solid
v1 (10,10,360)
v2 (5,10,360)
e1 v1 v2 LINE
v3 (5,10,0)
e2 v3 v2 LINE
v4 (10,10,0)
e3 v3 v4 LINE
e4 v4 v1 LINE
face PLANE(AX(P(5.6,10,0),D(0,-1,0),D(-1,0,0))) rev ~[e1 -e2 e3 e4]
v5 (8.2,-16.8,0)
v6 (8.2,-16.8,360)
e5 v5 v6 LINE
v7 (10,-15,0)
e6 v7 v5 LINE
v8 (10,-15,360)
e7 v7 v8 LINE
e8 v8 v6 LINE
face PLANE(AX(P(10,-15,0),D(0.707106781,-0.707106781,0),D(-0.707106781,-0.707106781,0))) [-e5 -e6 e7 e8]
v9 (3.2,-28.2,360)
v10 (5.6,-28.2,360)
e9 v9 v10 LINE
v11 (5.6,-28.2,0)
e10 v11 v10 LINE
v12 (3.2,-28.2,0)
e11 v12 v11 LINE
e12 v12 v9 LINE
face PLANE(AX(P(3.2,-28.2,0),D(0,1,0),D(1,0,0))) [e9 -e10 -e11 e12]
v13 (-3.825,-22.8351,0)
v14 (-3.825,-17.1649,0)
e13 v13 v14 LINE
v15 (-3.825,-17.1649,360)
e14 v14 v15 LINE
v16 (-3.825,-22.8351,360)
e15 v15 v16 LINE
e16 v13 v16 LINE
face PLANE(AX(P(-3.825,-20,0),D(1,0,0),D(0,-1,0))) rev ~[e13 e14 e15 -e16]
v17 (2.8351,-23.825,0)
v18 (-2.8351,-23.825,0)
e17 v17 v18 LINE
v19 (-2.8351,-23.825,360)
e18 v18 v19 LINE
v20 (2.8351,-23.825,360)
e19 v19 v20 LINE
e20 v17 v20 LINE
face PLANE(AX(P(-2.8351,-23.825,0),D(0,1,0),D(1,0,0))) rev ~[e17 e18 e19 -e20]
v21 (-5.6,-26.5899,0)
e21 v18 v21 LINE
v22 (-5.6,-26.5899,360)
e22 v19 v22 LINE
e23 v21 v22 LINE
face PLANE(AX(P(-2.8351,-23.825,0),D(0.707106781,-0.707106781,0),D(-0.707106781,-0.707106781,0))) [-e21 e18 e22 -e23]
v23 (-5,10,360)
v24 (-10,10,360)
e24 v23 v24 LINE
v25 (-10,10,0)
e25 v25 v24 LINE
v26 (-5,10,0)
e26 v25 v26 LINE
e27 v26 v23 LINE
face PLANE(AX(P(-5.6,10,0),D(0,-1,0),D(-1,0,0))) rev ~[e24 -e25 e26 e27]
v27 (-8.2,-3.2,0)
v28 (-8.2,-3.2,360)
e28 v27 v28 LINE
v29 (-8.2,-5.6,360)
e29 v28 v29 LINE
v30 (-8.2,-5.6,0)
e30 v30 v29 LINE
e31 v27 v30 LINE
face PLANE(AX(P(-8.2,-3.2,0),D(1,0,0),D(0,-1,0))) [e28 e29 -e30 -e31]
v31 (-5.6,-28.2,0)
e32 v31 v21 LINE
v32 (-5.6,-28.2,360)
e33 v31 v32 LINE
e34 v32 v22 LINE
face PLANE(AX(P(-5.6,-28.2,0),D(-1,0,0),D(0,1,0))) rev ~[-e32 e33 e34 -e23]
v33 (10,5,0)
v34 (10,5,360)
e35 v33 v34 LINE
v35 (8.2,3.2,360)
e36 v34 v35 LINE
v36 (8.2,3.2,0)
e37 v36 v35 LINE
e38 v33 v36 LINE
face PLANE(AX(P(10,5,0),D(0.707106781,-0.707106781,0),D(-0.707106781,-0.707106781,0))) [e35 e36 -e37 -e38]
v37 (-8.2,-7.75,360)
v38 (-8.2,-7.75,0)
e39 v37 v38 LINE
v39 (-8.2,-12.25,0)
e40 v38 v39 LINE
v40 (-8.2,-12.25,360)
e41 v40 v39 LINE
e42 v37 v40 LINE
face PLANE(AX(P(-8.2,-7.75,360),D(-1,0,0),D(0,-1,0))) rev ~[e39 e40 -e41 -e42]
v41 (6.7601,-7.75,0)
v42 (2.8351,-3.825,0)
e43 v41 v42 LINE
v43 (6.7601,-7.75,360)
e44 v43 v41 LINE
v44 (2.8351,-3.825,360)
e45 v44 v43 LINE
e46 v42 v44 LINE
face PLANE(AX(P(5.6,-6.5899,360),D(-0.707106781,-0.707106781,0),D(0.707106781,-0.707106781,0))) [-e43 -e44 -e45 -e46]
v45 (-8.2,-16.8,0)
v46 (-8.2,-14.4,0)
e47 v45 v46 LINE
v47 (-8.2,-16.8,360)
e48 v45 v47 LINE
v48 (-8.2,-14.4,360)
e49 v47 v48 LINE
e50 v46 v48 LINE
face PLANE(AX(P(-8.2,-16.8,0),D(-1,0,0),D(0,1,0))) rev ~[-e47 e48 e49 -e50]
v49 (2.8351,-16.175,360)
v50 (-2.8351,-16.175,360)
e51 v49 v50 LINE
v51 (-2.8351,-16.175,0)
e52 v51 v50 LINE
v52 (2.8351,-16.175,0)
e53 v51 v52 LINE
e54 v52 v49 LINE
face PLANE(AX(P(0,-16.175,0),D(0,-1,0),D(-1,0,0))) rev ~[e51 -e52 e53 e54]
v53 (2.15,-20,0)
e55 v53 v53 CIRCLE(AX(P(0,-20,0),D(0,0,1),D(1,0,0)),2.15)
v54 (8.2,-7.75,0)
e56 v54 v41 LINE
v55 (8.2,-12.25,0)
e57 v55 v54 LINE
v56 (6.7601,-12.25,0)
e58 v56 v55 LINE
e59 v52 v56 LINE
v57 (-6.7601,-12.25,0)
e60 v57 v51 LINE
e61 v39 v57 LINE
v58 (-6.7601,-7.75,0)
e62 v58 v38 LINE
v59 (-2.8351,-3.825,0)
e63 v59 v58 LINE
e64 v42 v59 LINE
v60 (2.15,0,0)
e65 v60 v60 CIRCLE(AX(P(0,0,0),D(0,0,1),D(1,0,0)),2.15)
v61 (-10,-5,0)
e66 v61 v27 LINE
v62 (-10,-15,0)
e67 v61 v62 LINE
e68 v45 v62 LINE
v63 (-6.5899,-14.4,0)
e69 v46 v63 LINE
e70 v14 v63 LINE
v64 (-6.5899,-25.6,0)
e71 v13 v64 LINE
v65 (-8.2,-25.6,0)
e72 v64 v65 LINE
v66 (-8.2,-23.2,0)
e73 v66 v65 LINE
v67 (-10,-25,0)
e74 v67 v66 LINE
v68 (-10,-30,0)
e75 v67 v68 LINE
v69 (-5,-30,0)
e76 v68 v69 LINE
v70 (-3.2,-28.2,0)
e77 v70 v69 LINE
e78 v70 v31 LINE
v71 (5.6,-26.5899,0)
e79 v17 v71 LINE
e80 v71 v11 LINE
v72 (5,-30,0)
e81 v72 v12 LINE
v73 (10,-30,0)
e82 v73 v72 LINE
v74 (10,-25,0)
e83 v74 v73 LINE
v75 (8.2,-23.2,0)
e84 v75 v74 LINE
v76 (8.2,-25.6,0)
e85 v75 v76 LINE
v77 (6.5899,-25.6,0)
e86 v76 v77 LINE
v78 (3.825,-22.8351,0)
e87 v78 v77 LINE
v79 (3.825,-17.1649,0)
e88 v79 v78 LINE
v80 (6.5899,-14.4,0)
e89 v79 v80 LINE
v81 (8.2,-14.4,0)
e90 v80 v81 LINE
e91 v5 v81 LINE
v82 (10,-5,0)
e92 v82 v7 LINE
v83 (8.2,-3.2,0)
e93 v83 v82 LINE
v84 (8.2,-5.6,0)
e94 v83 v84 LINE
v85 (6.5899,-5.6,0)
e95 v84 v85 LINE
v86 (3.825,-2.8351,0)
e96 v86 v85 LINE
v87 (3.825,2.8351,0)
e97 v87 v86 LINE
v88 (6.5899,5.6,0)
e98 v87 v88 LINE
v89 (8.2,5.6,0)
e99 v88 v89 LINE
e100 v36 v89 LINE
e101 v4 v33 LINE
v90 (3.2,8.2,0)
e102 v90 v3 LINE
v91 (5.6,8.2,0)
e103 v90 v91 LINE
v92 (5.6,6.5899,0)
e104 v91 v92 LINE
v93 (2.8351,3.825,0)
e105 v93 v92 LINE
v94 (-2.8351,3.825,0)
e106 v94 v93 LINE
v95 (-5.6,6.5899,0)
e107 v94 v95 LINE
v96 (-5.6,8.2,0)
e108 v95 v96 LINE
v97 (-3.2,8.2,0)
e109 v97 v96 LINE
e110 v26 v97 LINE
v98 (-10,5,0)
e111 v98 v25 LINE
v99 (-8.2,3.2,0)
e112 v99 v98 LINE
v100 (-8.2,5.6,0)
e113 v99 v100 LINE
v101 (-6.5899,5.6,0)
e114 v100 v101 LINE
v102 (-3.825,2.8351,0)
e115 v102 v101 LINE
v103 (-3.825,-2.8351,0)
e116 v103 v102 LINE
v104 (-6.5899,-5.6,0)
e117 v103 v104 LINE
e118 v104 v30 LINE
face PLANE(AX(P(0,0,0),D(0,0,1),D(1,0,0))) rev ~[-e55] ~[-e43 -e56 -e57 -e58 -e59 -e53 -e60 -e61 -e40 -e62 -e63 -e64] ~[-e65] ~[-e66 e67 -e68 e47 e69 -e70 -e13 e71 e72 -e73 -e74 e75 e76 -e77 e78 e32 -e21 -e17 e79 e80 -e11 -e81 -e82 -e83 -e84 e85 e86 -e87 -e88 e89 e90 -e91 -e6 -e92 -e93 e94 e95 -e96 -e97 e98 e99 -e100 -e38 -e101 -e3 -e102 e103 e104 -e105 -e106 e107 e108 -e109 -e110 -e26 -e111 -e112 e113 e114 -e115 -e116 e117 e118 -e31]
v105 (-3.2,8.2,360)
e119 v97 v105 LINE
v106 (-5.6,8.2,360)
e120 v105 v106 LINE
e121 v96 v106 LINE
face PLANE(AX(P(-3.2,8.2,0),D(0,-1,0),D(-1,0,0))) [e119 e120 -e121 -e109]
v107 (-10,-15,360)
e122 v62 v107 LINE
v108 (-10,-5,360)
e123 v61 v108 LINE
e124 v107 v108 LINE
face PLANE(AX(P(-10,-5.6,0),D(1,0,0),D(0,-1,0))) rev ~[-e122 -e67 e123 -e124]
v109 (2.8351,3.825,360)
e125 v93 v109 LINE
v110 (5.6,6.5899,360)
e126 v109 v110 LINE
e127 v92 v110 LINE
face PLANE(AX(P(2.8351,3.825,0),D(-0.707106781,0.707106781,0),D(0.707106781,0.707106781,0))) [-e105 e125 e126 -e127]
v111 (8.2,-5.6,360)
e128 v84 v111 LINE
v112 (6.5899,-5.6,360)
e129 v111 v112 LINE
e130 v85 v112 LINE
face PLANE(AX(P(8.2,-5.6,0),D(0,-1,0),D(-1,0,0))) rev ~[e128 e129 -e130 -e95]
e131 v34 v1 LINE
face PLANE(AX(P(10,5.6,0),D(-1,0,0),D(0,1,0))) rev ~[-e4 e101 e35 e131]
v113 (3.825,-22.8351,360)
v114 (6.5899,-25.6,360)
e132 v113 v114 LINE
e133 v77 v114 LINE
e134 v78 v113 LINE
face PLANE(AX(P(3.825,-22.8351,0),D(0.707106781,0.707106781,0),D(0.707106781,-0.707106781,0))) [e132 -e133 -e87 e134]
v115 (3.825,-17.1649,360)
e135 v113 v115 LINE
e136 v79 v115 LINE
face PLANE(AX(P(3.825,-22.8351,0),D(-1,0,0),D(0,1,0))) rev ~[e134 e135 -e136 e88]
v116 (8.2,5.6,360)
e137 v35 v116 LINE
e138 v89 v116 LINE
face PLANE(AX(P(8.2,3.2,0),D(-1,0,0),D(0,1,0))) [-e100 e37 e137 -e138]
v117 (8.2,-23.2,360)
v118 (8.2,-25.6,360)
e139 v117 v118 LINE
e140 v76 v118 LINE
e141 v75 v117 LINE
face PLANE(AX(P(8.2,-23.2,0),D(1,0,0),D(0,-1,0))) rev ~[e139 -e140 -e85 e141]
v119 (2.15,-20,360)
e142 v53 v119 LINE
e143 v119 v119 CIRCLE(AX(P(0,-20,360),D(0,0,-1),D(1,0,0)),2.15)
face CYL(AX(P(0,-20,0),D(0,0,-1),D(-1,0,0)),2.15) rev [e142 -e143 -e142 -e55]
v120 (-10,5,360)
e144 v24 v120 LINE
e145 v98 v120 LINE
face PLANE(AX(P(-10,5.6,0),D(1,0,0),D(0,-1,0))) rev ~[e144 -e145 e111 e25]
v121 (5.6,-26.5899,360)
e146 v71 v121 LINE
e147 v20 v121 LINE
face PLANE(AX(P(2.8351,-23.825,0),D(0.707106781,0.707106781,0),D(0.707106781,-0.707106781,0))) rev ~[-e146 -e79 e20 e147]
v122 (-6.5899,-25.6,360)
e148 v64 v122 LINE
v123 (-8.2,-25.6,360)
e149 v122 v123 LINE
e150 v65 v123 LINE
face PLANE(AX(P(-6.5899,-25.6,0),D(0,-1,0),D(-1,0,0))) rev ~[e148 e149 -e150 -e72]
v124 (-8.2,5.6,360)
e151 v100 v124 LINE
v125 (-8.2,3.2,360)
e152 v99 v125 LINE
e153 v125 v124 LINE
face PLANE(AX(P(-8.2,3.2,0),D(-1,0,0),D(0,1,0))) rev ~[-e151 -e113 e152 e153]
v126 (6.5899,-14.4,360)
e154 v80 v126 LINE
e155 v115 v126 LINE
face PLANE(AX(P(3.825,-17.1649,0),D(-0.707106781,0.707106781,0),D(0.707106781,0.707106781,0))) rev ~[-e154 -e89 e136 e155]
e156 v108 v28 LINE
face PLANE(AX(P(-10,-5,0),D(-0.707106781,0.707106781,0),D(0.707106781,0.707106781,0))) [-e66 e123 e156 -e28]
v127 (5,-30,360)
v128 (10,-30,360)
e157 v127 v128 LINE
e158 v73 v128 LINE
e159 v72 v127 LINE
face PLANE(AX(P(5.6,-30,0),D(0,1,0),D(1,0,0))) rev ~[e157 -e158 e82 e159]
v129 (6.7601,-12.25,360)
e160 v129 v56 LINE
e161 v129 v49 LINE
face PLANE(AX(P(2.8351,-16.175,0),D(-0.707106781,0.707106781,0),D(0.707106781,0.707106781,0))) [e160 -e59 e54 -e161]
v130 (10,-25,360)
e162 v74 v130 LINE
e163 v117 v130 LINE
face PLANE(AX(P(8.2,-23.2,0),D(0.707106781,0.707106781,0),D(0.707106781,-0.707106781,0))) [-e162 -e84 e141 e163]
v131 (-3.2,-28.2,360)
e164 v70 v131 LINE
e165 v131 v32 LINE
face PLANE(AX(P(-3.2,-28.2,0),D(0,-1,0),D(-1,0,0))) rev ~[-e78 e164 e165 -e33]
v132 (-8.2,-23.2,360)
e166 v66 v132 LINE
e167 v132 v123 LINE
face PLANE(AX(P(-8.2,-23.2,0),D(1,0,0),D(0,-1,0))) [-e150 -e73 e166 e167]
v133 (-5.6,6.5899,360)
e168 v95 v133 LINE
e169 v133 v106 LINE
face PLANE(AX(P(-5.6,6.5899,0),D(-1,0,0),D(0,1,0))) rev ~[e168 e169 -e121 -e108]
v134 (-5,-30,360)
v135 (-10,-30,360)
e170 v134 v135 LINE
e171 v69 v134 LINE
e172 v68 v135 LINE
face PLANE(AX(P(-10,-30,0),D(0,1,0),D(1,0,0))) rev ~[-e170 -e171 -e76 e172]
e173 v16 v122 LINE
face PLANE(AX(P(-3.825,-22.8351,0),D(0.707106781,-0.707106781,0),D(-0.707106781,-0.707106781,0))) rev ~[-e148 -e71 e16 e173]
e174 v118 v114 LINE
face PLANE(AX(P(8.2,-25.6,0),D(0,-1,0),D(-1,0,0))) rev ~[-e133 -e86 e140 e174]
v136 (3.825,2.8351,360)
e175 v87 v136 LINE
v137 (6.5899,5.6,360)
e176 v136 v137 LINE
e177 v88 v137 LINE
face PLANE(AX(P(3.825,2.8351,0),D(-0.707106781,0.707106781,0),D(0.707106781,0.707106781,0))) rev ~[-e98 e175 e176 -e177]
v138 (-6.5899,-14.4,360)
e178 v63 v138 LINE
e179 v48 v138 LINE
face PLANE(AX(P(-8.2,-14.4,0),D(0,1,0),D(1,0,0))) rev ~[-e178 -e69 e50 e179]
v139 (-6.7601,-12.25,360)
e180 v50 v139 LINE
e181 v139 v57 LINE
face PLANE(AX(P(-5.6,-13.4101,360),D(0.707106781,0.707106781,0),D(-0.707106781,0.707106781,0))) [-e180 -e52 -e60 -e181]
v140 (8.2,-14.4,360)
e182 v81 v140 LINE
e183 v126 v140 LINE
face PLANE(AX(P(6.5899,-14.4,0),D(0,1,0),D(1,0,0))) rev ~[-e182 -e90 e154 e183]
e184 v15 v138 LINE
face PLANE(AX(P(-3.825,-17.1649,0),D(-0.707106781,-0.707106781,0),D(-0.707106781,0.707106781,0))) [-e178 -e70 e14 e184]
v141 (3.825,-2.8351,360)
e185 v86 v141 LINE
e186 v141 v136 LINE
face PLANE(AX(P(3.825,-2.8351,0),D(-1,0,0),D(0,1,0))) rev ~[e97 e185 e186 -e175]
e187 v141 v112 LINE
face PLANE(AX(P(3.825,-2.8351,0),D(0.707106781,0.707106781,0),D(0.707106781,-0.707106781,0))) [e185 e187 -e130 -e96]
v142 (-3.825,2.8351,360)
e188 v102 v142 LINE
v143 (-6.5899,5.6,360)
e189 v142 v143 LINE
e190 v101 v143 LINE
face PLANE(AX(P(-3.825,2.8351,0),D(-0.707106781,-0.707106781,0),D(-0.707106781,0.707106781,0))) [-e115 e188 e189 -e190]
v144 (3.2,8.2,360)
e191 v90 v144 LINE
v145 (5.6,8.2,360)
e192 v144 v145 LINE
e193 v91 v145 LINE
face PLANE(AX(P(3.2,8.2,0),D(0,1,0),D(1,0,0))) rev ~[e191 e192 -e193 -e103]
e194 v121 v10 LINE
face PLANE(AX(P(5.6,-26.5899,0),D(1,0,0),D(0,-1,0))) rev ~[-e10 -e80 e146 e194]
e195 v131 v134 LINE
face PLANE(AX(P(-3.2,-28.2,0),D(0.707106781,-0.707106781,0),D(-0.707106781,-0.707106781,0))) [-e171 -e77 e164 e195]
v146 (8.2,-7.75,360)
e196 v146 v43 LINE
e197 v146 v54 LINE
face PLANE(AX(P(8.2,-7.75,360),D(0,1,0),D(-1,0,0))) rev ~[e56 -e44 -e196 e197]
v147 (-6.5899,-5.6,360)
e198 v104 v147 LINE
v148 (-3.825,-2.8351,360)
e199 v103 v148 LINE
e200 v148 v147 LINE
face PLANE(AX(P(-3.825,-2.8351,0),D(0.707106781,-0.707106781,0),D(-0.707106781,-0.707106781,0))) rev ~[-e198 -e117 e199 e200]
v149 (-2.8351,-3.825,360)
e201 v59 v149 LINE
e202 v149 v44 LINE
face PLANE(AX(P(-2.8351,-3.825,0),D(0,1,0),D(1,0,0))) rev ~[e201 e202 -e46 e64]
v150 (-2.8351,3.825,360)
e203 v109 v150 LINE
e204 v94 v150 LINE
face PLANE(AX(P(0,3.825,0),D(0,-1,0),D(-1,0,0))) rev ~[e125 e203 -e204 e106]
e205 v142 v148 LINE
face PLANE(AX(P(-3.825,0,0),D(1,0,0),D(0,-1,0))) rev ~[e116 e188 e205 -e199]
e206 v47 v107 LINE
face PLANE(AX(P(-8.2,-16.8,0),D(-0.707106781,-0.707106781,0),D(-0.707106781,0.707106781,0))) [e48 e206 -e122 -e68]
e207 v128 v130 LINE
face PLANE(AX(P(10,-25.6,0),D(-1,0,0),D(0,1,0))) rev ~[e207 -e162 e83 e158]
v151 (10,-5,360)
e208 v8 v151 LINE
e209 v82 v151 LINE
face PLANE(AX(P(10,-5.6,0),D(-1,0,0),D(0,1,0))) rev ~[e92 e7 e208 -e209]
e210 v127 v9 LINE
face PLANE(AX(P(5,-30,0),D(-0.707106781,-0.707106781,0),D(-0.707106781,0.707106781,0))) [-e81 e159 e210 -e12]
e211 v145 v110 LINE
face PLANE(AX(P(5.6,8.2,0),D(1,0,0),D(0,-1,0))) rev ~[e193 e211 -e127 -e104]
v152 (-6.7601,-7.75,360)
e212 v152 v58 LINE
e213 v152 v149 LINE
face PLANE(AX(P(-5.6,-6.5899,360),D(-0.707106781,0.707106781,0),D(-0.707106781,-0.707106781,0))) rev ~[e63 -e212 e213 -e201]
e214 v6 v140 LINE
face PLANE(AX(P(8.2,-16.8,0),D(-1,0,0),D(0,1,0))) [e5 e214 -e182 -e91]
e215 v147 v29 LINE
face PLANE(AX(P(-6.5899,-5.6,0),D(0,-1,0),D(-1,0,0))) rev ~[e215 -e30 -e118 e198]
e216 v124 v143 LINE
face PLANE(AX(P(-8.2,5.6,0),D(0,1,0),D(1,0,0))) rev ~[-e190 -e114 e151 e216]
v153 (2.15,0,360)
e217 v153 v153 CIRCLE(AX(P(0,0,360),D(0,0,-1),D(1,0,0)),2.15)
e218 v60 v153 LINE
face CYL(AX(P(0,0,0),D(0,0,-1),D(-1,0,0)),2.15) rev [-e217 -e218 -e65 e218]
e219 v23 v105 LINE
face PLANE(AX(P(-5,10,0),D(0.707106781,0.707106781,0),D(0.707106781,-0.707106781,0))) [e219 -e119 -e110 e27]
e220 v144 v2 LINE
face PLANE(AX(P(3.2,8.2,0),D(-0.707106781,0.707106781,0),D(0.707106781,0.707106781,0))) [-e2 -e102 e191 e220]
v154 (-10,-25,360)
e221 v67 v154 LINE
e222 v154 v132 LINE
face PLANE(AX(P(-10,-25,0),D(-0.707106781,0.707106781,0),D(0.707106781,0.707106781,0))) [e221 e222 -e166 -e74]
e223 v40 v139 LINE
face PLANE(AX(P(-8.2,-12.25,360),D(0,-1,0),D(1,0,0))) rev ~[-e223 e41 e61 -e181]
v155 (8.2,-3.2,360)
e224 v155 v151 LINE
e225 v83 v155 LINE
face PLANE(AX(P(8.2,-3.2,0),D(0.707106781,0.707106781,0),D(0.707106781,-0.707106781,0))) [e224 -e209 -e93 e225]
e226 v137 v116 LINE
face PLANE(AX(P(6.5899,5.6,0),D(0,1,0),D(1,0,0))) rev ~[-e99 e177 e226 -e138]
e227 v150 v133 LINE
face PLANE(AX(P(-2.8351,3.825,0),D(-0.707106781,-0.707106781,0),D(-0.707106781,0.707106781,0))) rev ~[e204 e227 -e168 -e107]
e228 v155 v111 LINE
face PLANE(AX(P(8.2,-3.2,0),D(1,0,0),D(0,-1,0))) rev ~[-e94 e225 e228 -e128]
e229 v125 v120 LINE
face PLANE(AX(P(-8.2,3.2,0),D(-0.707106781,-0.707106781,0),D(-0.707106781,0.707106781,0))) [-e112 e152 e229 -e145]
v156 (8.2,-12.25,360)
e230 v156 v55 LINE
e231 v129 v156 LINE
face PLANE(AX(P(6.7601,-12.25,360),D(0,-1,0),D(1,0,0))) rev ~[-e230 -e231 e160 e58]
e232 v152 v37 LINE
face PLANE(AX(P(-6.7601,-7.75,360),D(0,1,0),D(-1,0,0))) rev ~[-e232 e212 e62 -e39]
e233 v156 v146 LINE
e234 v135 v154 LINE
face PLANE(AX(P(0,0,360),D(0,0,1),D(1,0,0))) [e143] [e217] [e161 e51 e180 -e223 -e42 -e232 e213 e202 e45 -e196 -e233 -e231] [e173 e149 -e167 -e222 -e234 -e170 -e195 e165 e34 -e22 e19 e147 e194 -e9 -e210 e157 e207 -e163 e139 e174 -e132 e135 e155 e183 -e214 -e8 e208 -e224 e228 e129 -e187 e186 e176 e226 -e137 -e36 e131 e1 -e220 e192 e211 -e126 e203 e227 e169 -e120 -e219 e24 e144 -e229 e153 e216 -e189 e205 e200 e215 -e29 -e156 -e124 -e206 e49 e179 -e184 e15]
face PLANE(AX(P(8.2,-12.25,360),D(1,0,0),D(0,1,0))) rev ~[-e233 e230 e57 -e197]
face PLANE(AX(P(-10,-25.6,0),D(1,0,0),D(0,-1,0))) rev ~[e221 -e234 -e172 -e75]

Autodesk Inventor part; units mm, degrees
ref_plane "YZ Plane" through (0, 0, 0) normal (1, 0, 0) x (0, 1, 0)
ref_plane "XZ Plane" through (0, 0, 0) normal (0, 1, 0) x (-1, 0, 0)
ref_plane "XY Plane" through (0, 0, 0) normal (0, 0, 1) x (1, 0, 0)
sketch "Sketch1" plane through (0, 0, 0) normal (0, 0, 1) x (1, 0, 0)
  line L0 (-10, -10) -> (-5.6, -10)
  line L1 (-10, -5.6) -> (-10, -10)
  line L2 (-5.6, -10) -> (-5, -10)
  line L3 (-3.2, -8.2) -> (-5.6, -8.2)
  line L4 (-2.8351, -3.825) -> (-5.6, -6.5899)
  line L5 (-3.825, -2.8351) -> (-6.5899, -5.6)
  line L6 (0, 0) -> (0, -11) construction
  line L7 (0, 0) -> (-12, 0) construction
  line L8 (-3.2, -8.2) -> (-5, -10)
  line L9 (-6.5899, -5.6) -> (-8.2, -5.6)
  line L10 (-10, -5.6) -> (-10, -5)
  line L11 (-10, -5) -> (-8.2, -3.2)
  line L12 (-8.2, -3.2) -> (-8.2, -5.6)
  line L13 (-5.6, -8.2) -> (-5.6, -6.5899)
  arc A0 (-2.15, 0) -> (0, -2.15) centre (0, 0) ccw
  line L14 (0, 0) -> (-3.825, 0)
  line L15 (-3.825, 0) -> (-3.825, -2.8351)
  line L16 (-2.8351, -3.825) -> (0, -3.825)
  line L17 (0, -3.825) -> (0, 0)
  line L18 (-2.8351, -3.825) -> (-3.825, -3.825) construction
  line L19 (-3.825, -3.825) -> (-3.825, -2.8351) construction
  line L20 (3.825, -2.8351) -> (3.825, -3.825) construction
  line L21 (3.825, -2.8351) -> (3.825, 0)
  line L22 (3.825, -3.825) -> (2.8351, -3.825) construction
  line L23 (3.825, 0) -> (0, 0)
  line L24 (0, -3.825) -> (2.8351, -3.825)
  arc A1 (0, -2.15) -> (2.15, 0) centre (0, 0) ccw
  line L25 (0, 0) -> (0, -3.825)
  line L26 (2.8351, -3.825) -> (5.6, -6.5899)
  line L27 (0, 0) -> (0, -12) construction
  line L28 (0, 0) -> (11, 0) construction
  line L29 (3.825, -2.8351) -> (6.5899, -5.6)
  line L30 (8.2, -3.2) -> (8.2, -5.6)
  line L31 (10, -5.6) -> (10, -5)
  line L32 (8.2, -3.2) -> (10, -5)
  line L33 (8.2, -5.6) -> (6.5899, -5.6)
  line L34 (5.6, -6.5899) -> (5.6, -8.2)
  line L35 (10, -10) -> (10, -5.6)
  line L36 (5.6, -10) -> (10, -10)
  line L37 (3.2, -8.2) -> (5.6, -8.2)
  line L38 (5, -10) -> (3.2, -8.2)
  line L39 (5.6, -10) -> (5, -10)
  line L40 (2.8351, 3.825) -> (3.825, 3.825) construction
  line L41 (2.8351, 3.825) -> (0, 3.825)
  line L42 (3.825, 3.825) -> (3.825, 2.8351) construction
  line L43 (0, 3.825) -> (0, 0)
  line L44 (3.825, 0) -> (3.825, 2.8351)
  arc A2 (2.15, 0) -> (0, 2.15) centre (0, 0) ccw
  line L45 (0, 0) -> (3.825, 0)
  line L46 (3.825, 2.8351) -> (6.5899, 5.6)
  line L47 (0, 0) -> (12, 0) construction
  line L48 (0, 0) -> (0, 11) construction
  line L49 (2.8351, 3.825) -> (5.6, 6.5899)
  line L50 (3.2, 8.2) -> (5.6, 8.2)
  line L51 (5.6, 10) -> (5, 10)
  line L52 (3.2, 8.2) -> (5, 10)
  line L53 (5.6, 8.2) -> (5.6, 6.5899)
  line L54 (6.5899, 5.6) -> (8.2, 5.6)
  line L55 (10, 10) -> (5.6, 10)
  line L56 (10, 5.6) -> (10, 10)
  line L57 (8.2, 3.2) -> (8.2, 5.6)
  line L58 (10, 5) -> (8.2, 3.2)
  line L59 (10, 5.6) -> (10, 5)
  line L60 (-3.825, 2.8351) -> (-3.825, 3.825) construction
  line L61 (-3.825, 2.8351) -> (-3.825, 0)
  line L62 (-3.825, 3.825) -> (-2.8351, 3.825) construction
  line L63 (-3.825, 0) -> (0, 0)
  line L64 (0, 3.825) -> (-2.8351, 3.825)
  arc A3 (0, 2.15) -> (-2.15, 0) centre (0, 0) ccw
  line L65 (0, 0) -> (0, 3.825)
  line L66 (-2.8351, 3.825) -> (-5.6, 6.5899)
  line L67 (0, 0) -> (0, 12) construction
  line L68 (0, 0) -> (-11, 0) construction
  line L69 (-3.825, 2.8351) -> (-6.5899, 5.6)
  line L70 (-8.2, 3.2) -> (-8.2, 5.6)
  line L71 (-10, 5.6) -> (-10, 5)
  line L72 (-8.2, 3.2) -> (-10, 5)
  line L73 (-8.2, 5.6) -> (-6.5899, 5.6)
  line L74 (-5.6, 6.5899) -> (-5.6, 8.2)
  line L75 (-10, 10) -> (-10, 5.6)
  line L76 (-5.6, 10) -> (-10, 10)
  line L77 (-3.2, 8.2) -> (-5.6, 8.2)
  line L78 (-5, 10) -> (-3.2, 8.2)
  line L79 (-5.6, 10) -> (-5, 10)
  point P0 (0, 2.15)
  point P1 (2.15, 0)
  point P2 (0, -2.15)
  dimension "d16" = 10
  dimension "d19" = 3.2
  dimension "d21" = 4.4
  dimension "d22" = 4.4
  dimension "d24" = 45
  dimension "d25" = 1.8
  dimension "d27" = 1.8
  dimension "d28" = 45
  dimension "d29" = 3.2
  dimension "d31" = 1.4
  dimension "d33" = 2.15
  dimension "d34" = 3.825
  dimension "d35" = 3.825
  dimension "d36" = 135
  dimension "d39" = 360
extrude "Extrusion1" add sketch "Sketch1" along normal blind 360 contours L1 L10 L11 L12 L9 L5 L15 L14 A0 L17 L16 L4 L13 L3 L8 L2 L0 | L17 A1 L23 L21 L29 L33 L30 L32 L31 L35 L36 L39 L38 L37 L34 L26 L24 | L61 L69 L73 L70 L72 L71 L75 L76 L79 L78 L77 L74 L66 L64 L43 A3 L14 | A2 L43 L41 L49 L53 L50 L52 L51 L55 L56 L59 L58 L57 L54 L46 L44 L23
pattern_linear "Rectangular Pattern1" count 2 spacing 20 along (0, -1, 0) of "Extrusion1"
sketch "Sketch2" plane through (0, 0, 360) normal (0, 0, 1) x (1, 0, 0)
  line L0 (3.2, -8.2) -> (5, -10) projected
  line L1 (-3.2, -11.8) -> (-5, -10) projected
  line L2 (5, -10) -> (-5, -10) construction
  line L3 (-8.2, -12.25) -> (8.2, -12.25)
  line L4 (8.2, -12.25) -> (8.2, -7.75)
  line L5 (8.2, -7.75) -> (-8.2, -7.75)
  line L6 (-8.2, -7.75) -> (-8.2, -12.25)
  line L7 (-8.2, -12.25) -> (8.2, -7.75) construction
  line L8 (8.2, -12.25) -> (-8.2, -7.75) construction
  line L9 (10, -15) -> (10, -5) projected
  line L10 (5.6, -6.5899) -> (5.6, -8.2) projected
  line L11 (5.6, -6.5899) -> (6.7601, -7.75)
  line L12 (-5.6, -6.5899) -> (-2.8351, -3.825) projected
  line L13 (-5.6, -6.5899) -> (-6.7601, -7.75)
  line L14 (5.6, -13.4101) -> (6.7601, -12.25)
  line L15 (-5.6, -13.4101) -> (-6.7601, -12.25)
  line L16 (-5.6, -6.5899) -> (-5.6, -7.75)
  line L17 (-5.6, -8.2) -> (-5.6, -6.5899) projected
  line L18 (5.6, -6.5899) -> (5.6, -7.75)
  line L19 (-5.6, -11.8) -> (-5.6, -13.4101)
  line L20 (5.6, -13.4101) -> (5.6, -12.25)
  point P0 (0, 0)
  point P1 (0, -10)
  point P2 (-5.6, -12.25)
  dimension "d46" = 4.5
  dimension "d50" = 1.8
extrude "Extrusion2" cut sketch "Sketch2" against normal blind 400
properties part number "AP20x20"
